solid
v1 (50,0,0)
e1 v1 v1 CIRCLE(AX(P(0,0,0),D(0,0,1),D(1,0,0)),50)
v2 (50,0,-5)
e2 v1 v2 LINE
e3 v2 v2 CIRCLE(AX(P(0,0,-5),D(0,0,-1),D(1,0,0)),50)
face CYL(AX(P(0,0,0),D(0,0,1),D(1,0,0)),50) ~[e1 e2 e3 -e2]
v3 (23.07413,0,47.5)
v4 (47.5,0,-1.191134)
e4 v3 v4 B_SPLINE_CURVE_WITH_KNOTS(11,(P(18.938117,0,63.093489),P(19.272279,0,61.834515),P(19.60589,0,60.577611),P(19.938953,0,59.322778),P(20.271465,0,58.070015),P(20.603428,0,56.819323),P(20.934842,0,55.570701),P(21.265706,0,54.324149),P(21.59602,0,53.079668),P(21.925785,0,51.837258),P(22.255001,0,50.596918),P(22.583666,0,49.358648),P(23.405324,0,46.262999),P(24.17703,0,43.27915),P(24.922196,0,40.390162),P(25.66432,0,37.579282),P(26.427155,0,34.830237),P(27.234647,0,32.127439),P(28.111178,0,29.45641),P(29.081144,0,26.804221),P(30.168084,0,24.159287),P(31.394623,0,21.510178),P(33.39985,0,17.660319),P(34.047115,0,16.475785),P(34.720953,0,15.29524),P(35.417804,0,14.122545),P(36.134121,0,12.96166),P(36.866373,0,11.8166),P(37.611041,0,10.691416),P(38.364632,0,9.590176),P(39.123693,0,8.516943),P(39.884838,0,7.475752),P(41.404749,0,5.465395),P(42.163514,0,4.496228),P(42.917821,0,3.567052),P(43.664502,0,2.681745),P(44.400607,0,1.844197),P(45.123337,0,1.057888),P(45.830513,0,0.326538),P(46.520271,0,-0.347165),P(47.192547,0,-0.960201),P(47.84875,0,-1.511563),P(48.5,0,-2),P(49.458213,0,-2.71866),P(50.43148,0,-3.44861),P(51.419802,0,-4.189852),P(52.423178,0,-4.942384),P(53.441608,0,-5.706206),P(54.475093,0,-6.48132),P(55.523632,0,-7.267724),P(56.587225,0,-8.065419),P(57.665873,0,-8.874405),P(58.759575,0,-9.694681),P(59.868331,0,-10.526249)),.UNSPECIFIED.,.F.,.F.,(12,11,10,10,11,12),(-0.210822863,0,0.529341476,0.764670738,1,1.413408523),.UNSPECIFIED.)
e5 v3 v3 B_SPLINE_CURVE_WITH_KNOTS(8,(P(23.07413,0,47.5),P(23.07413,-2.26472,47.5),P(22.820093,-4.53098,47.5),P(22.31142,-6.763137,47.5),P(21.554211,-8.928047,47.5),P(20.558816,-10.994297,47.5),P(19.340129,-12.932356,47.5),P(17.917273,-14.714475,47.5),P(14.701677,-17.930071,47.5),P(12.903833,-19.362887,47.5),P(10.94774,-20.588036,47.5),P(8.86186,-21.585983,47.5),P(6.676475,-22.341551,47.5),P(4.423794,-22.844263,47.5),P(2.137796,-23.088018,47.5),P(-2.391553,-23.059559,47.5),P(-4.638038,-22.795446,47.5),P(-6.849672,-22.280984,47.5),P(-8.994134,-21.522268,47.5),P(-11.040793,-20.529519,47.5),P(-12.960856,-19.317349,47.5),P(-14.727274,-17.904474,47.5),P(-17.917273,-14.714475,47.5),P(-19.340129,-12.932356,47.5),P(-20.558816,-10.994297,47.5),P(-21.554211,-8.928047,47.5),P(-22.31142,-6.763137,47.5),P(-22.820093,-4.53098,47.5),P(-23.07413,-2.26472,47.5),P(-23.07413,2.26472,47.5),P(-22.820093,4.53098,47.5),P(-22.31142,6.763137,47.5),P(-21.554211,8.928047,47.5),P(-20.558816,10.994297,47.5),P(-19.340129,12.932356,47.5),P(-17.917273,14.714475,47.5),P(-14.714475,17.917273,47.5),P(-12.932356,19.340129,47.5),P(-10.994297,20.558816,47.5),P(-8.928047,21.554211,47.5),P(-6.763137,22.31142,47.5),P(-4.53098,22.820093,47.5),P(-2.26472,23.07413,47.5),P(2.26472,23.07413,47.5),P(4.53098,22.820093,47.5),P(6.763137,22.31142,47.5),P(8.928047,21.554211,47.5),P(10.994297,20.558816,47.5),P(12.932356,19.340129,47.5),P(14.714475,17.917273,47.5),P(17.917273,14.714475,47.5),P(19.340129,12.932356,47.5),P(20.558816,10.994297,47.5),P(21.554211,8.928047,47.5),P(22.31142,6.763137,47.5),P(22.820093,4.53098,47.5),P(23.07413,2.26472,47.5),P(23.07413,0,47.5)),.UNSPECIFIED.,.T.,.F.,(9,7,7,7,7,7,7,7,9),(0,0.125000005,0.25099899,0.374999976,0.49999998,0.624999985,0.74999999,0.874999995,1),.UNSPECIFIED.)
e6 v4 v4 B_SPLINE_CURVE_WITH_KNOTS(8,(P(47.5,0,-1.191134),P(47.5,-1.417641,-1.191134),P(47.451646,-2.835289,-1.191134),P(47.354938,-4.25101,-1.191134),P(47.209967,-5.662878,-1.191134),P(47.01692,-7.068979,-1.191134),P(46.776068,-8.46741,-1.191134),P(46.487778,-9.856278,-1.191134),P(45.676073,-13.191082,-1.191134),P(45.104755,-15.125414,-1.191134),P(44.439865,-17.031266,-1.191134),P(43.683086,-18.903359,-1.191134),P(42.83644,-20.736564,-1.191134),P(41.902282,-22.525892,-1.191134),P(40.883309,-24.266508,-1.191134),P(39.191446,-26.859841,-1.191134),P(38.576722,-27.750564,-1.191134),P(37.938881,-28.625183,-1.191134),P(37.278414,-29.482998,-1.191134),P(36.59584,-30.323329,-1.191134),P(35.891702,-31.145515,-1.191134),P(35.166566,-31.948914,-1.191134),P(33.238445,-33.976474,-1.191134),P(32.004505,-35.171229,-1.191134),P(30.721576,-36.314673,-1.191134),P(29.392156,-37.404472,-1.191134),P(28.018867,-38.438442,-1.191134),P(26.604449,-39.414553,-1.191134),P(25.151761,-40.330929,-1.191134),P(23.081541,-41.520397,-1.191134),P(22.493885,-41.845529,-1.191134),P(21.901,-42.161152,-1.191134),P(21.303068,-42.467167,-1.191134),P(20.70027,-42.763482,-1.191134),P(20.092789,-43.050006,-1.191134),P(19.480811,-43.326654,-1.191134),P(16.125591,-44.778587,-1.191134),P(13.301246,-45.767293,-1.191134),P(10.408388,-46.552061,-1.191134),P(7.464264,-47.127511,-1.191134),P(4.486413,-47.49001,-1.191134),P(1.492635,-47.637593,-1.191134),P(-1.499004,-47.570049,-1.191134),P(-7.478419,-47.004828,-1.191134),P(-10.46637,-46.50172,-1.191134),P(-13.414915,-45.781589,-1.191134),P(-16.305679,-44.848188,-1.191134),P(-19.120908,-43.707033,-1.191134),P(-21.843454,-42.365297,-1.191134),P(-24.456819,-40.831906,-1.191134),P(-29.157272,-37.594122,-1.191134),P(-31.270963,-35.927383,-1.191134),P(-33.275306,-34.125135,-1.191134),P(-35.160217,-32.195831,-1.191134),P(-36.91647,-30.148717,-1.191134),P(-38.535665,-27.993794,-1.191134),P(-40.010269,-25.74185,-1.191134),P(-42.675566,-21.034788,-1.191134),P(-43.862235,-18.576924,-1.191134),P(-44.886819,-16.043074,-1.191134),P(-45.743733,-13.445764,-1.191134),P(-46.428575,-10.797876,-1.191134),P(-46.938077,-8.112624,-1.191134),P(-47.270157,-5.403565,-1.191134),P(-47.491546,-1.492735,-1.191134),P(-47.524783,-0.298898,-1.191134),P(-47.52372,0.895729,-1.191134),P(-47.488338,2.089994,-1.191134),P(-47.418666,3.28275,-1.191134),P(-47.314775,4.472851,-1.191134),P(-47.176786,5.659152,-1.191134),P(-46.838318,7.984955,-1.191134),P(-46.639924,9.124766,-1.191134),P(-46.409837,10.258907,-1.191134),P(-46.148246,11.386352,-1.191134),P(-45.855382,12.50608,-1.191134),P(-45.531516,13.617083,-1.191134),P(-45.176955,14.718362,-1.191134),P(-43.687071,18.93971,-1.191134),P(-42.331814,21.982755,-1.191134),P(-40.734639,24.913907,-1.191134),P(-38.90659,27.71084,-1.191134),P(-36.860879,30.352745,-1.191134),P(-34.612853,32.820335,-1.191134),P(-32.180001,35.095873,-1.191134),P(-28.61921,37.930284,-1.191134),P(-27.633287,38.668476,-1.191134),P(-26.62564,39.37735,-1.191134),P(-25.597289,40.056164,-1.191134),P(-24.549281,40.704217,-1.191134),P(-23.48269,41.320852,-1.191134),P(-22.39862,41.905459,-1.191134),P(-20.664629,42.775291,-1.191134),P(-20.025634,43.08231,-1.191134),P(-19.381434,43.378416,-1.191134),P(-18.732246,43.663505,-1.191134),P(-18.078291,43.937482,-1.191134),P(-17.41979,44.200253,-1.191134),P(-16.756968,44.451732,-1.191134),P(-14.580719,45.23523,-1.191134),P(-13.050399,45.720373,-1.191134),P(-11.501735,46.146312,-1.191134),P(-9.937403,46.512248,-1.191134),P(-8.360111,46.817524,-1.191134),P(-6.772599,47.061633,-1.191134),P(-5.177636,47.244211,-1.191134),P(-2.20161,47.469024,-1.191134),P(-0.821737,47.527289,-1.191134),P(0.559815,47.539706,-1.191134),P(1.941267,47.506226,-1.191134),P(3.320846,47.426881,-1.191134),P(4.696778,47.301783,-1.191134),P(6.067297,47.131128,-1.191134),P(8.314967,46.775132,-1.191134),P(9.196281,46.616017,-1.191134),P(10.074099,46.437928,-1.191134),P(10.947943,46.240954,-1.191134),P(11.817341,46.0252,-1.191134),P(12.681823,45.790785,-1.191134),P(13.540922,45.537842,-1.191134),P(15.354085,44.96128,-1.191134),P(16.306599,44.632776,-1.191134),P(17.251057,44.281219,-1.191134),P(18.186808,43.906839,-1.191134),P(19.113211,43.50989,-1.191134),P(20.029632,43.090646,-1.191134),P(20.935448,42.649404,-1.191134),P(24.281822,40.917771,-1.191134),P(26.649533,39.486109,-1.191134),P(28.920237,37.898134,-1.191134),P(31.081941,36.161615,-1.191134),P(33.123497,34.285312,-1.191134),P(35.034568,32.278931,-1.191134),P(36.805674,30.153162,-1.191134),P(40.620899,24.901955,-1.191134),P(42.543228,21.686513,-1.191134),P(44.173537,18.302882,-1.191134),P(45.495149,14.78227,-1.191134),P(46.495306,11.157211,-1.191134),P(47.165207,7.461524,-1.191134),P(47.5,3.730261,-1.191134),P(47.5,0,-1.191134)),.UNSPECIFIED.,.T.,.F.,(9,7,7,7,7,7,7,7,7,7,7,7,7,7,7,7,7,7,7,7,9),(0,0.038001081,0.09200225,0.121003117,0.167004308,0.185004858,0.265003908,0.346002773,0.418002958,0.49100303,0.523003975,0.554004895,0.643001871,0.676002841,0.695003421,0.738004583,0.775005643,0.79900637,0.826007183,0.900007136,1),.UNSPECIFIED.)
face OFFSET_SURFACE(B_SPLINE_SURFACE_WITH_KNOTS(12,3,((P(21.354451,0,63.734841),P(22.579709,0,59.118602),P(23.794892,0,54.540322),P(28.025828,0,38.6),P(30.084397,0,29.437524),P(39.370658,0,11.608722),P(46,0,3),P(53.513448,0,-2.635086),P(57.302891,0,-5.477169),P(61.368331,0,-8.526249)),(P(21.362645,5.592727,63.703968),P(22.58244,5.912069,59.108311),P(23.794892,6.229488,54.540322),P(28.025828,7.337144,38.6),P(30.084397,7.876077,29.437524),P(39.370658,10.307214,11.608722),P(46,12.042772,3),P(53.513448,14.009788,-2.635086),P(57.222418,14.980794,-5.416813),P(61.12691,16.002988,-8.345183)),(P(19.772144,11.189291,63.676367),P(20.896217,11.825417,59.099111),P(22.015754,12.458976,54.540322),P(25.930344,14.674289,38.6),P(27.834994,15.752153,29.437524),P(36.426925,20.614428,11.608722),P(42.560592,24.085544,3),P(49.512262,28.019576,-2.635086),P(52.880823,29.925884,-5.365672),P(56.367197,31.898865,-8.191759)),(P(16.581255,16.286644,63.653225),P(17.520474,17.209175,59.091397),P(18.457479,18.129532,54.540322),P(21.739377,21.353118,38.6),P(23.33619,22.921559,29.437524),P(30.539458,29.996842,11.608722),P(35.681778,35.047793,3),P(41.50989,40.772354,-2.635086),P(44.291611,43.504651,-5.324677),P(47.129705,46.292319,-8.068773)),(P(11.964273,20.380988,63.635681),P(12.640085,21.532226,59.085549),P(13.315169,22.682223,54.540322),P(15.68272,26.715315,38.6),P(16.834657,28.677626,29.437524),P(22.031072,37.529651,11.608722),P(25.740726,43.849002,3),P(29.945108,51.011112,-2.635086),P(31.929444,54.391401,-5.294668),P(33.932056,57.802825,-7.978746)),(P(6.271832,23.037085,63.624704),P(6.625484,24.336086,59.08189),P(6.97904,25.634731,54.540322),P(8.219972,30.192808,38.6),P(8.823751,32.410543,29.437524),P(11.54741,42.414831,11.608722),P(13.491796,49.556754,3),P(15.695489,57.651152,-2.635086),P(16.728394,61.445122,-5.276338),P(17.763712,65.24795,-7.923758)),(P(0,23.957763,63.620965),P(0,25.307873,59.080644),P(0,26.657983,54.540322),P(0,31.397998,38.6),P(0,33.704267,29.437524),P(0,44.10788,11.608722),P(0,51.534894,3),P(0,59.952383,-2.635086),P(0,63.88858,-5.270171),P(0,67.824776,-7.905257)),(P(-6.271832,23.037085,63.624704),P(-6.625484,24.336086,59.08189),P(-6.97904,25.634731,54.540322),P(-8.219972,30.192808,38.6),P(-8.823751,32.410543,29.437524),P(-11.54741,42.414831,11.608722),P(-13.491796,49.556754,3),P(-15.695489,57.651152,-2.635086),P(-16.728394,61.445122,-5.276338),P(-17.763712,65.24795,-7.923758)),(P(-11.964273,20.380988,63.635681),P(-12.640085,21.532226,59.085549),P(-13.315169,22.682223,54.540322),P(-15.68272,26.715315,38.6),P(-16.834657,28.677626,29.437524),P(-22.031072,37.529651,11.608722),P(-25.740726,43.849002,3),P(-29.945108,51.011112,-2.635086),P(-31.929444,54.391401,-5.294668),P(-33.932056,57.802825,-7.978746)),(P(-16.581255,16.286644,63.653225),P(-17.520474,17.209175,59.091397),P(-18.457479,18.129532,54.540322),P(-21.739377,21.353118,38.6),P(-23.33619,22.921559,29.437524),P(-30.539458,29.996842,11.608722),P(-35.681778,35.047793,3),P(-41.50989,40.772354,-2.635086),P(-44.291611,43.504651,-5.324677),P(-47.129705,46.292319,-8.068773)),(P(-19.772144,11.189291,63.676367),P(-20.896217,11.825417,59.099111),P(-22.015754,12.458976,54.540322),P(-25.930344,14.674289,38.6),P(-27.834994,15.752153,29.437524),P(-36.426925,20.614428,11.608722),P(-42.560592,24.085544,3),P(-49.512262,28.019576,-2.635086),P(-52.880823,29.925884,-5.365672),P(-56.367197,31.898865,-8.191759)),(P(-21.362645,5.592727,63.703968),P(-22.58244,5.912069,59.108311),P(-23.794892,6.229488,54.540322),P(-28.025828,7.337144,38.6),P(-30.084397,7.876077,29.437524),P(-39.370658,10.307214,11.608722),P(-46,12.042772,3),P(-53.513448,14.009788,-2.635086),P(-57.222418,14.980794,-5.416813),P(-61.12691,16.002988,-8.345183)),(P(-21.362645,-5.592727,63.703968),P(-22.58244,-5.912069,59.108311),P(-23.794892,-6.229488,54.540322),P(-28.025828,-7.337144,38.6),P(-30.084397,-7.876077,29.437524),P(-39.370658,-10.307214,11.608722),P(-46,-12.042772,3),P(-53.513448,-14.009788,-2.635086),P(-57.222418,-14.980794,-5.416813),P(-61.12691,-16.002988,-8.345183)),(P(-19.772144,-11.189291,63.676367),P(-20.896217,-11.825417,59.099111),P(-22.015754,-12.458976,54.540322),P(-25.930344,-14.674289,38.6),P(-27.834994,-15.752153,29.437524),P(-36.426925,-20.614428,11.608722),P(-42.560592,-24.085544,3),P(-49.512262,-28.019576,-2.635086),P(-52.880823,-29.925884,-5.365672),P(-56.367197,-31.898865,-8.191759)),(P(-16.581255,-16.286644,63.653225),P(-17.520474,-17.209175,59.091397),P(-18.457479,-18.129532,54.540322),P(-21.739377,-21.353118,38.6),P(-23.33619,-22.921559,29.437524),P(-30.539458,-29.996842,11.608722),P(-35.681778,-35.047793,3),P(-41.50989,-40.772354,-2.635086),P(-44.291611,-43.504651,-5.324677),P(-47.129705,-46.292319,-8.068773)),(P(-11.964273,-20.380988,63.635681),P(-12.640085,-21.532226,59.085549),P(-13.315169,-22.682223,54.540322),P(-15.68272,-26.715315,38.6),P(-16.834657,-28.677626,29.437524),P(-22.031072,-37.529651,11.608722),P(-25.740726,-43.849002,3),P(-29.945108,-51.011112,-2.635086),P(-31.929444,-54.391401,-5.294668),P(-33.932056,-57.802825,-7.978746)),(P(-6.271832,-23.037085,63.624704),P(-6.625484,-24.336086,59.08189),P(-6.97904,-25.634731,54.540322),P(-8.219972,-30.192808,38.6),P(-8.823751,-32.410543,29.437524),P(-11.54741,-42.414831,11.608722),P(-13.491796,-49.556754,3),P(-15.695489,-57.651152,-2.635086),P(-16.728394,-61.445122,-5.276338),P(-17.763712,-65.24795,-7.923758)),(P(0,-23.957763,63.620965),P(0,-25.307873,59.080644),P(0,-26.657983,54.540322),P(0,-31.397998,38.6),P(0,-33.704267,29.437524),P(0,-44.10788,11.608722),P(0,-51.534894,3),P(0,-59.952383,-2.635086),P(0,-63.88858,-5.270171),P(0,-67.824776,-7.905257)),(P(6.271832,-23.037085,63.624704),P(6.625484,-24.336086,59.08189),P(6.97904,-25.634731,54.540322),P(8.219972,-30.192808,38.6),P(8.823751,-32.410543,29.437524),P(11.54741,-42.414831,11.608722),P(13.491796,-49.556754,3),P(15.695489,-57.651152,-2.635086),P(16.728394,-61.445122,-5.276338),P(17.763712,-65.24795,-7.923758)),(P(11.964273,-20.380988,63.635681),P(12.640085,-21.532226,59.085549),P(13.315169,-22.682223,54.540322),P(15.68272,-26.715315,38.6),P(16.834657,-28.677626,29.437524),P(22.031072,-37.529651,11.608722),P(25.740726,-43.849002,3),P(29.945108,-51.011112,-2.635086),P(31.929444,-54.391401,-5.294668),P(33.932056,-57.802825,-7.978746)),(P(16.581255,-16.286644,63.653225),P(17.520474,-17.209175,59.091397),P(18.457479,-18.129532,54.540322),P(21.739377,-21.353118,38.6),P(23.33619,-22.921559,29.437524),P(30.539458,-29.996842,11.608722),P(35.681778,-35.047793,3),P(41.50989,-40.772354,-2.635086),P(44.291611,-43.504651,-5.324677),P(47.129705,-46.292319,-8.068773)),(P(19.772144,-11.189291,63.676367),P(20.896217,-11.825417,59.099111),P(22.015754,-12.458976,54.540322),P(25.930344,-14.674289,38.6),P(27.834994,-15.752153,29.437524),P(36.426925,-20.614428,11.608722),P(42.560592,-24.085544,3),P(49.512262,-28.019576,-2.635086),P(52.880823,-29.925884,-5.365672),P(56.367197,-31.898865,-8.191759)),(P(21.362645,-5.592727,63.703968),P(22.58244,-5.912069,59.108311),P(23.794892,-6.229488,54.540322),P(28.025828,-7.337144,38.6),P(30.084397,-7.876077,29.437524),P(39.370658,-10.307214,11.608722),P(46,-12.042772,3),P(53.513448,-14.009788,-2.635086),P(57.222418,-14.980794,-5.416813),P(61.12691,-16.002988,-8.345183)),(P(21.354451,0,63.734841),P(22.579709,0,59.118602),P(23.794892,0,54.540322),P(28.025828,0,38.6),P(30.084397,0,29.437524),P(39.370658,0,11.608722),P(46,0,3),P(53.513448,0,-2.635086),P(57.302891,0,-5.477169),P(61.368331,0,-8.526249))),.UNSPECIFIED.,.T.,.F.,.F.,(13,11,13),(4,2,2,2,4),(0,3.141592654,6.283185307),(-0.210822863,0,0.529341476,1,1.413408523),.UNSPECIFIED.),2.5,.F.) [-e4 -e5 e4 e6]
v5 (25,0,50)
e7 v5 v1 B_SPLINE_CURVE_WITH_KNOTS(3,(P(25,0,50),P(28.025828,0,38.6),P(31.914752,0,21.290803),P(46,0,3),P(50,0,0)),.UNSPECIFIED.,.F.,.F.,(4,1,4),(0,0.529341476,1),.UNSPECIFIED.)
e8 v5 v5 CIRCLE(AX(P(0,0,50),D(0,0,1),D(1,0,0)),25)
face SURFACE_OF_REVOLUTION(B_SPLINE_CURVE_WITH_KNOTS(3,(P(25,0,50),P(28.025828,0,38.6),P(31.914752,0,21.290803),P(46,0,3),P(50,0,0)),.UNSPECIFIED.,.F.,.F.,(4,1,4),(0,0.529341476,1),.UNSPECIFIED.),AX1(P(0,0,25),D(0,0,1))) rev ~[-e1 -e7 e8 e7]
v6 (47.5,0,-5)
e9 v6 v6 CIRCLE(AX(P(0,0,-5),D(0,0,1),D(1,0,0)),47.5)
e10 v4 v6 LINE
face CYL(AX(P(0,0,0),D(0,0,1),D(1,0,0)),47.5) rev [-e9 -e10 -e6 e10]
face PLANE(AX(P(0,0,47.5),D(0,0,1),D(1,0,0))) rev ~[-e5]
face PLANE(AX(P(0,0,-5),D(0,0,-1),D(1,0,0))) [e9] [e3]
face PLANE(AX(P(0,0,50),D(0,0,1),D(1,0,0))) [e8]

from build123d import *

# Parameters (mm, degrees)
F2_R     = 50
F3_DEPTH = 5
F4_T     = -2.5


with BuildPart() as f1:
    # F0 (on Front) → F1 (revolve)
    with BuildSketch(Plane.XZ):
        with BuildLine():
            Line((25, 50), (0, 50))
            Line((0, 50), (0, 0))
            Line((0, 0), (50, 0))
            add(Edge.make_bspline(
                [(25, 50), (28.0258275564, 38.6), (31.9147522376, 21.2908032716), (46, 3), (50, 0)],
                knots=[0, 0, 0, 0, 0.5293414761, 1, 1, 1, 1], degree=3))
        make_face()
    revolve(axis=Axis((0, 0, 25), (0, 0, 1)))

    # F2 (on face) → F3 (join)
    with BuildSketch(Plane(origin=(0, 0, 0), x_dir=(1, 0, 0), z_dir=(0, 0, -1))):
        Circle(F2_R)
    extrude(amount=F3_DEPTH)

    # F4
    f4_openings = [f1.faces().sort_by_distance(p)[0] for p in [
        (0, 0, -5),
    ]]
    offset(amount=F4_T, openings=f4_openings, kind=Kind.INTERSECTION)


solid = f1.part
